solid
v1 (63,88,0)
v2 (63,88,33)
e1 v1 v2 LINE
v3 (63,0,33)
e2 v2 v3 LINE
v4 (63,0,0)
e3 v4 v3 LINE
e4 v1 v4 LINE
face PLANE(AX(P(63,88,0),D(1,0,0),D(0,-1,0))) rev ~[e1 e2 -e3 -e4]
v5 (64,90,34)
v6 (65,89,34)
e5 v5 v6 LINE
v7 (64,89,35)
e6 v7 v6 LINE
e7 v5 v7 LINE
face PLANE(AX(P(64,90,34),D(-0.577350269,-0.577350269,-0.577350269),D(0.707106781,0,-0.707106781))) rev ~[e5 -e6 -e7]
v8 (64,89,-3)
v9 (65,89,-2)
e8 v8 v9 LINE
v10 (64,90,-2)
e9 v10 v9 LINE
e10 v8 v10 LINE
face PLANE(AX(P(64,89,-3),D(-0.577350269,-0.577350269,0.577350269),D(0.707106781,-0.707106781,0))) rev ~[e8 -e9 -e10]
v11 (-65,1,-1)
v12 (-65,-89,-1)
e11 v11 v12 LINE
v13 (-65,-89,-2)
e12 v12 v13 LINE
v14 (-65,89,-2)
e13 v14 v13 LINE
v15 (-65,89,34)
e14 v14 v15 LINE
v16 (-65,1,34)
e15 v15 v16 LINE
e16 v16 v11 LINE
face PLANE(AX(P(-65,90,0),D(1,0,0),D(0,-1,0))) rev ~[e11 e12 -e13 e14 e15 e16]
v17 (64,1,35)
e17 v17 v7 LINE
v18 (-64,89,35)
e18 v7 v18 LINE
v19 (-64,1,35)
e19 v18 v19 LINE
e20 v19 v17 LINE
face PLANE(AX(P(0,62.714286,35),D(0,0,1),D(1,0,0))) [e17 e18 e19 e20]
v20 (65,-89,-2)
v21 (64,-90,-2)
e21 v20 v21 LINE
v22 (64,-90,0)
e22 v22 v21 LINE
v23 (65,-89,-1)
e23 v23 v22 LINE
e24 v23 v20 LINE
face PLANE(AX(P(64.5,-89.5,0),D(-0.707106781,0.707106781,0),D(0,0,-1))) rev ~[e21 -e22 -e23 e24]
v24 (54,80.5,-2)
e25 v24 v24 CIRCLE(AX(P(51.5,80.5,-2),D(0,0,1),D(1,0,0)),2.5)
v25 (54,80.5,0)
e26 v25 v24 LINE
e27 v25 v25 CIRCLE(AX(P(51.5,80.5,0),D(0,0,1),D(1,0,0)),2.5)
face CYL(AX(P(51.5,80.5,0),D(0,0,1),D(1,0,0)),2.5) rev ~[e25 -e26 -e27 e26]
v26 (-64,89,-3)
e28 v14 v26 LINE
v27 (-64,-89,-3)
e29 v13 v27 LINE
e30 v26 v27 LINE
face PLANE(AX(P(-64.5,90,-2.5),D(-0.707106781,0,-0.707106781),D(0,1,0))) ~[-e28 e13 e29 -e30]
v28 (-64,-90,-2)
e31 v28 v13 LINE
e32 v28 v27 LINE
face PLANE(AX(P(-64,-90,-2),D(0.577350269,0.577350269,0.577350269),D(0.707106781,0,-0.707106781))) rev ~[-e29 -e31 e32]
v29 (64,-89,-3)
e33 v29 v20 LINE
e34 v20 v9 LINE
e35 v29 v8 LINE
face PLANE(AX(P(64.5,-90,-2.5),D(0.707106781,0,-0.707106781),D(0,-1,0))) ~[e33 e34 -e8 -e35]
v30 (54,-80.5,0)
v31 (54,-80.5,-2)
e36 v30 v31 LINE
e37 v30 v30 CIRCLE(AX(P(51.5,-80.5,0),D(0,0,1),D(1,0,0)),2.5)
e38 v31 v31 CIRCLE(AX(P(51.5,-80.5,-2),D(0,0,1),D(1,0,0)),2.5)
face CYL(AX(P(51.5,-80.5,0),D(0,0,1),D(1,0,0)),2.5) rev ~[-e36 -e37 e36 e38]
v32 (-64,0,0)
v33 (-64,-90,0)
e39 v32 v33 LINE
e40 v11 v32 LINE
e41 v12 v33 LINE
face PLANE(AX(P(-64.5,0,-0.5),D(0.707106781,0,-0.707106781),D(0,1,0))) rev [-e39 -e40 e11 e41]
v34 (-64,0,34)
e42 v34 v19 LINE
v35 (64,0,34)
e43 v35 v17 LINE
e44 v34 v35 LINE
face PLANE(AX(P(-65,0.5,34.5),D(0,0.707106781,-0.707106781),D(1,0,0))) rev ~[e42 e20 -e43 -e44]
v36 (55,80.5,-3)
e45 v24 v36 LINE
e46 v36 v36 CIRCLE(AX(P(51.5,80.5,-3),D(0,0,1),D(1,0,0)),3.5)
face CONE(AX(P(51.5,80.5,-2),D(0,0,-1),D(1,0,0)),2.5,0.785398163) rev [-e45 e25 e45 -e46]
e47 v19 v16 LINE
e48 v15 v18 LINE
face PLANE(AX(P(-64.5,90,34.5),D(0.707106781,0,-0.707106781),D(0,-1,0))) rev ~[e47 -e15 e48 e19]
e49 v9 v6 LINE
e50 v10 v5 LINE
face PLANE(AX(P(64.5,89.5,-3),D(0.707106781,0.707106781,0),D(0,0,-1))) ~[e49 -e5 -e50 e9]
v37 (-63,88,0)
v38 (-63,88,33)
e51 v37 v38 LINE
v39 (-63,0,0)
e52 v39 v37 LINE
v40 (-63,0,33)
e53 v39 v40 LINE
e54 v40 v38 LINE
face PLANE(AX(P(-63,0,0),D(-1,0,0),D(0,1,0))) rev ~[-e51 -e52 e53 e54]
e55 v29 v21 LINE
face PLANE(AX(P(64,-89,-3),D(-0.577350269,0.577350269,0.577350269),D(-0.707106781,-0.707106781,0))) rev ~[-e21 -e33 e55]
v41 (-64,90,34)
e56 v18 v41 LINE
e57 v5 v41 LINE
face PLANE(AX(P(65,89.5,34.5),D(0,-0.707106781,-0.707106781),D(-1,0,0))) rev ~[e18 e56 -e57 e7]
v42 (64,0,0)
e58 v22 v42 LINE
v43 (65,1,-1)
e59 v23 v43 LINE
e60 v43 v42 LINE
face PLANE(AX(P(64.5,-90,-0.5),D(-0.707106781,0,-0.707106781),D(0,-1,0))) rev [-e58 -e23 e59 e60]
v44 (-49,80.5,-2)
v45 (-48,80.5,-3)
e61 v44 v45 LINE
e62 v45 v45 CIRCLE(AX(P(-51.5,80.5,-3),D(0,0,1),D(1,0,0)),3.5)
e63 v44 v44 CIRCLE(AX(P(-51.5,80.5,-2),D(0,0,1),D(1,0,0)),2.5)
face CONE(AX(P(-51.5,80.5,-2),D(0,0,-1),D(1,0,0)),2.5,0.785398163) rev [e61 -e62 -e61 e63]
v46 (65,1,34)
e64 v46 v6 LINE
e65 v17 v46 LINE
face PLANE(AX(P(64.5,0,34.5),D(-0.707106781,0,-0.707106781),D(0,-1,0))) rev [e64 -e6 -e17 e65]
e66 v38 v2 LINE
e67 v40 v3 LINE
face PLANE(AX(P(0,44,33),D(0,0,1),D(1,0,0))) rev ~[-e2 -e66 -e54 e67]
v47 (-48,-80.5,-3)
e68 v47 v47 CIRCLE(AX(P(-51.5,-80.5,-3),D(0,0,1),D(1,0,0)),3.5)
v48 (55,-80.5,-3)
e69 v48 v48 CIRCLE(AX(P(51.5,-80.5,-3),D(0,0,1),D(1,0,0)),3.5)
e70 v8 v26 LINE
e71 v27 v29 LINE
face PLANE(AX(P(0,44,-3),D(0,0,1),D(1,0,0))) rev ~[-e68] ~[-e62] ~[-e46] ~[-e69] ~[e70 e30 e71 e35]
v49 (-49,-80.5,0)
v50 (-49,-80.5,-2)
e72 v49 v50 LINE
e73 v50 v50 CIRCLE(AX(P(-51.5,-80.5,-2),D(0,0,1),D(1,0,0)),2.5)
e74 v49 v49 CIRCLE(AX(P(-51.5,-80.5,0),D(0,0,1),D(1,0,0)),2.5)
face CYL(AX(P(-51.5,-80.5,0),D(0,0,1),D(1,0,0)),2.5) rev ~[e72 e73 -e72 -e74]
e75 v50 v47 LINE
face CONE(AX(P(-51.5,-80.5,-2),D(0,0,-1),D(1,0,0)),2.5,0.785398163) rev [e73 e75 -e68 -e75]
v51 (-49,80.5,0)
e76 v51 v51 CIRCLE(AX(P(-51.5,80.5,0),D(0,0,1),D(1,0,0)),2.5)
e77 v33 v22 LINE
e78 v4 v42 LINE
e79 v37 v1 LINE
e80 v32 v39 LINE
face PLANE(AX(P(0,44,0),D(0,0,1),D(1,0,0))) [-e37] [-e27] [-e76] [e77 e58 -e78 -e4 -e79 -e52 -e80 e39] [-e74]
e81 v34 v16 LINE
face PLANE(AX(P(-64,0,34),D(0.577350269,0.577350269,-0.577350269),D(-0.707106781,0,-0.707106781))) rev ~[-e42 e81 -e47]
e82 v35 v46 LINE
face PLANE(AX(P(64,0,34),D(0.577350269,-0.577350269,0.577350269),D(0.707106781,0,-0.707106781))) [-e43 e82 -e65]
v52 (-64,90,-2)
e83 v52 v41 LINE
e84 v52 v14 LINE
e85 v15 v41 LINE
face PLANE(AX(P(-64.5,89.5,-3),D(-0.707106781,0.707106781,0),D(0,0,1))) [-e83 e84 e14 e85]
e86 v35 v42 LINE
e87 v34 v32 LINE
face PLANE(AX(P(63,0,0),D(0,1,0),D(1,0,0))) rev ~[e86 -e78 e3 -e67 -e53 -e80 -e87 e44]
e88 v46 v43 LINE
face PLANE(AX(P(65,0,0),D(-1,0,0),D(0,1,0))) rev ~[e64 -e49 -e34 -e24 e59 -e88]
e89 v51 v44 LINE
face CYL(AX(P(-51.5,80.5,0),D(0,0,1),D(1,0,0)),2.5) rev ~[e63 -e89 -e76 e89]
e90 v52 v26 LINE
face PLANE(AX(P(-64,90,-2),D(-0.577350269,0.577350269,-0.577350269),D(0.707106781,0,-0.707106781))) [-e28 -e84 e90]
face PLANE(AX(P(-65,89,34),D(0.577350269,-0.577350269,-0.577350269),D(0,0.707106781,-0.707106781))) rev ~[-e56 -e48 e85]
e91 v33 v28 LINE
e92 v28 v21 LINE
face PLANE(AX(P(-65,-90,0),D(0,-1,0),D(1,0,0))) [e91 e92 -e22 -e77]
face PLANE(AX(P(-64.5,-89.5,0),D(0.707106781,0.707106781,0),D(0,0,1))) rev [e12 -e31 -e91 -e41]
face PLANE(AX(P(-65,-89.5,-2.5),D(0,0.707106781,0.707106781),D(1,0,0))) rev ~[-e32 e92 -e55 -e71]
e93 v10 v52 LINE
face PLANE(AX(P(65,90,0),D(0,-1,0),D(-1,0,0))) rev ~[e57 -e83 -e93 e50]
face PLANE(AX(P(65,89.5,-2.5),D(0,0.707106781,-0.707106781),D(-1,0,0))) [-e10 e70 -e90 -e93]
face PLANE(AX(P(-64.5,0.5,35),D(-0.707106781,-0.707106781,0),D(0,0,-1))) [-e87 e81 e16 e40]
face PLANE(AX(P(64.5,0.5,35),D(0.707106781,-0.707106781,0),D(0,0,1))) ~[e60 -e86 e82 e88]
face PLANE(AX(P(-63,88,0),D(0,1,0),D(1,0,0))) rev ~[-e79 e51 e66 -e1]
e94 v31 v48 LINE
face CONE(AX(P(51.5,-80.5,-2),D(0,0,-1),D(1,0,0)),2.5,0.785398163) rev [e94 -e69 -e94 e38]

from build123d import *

# Parameters (mm, degrees)
F0_W     = 126
F0_H     = 88
F0_R     = 2.5
F1_DEPTH = 3
F2_DEPTH = 35
F3_START = 33
F3_DEPTH = 2
F4_SIZE  = 1


with BuildPart() as f1:
    # F0 (on Top) → F1 (new body)
    with BuildSketch(Plane.XY):
        with Locations((0, 44)):
            Rectangle(F0_W, F0_H)
        with Locations((-51.5, 80.5)):
            Circle(F0_R, mode=Mode.SUBTRACT)
        with Locations((51.5, 80.5)):
            Circle(F0_R, mode=Mode.SUBTRACT)
        Polygon((65, -90), (65, 0), (63, 0), (63, -88), (-63, -88), (-63, 0), (-65, 0), (-65, -90), align=None)
        Polygon((65, 0), (65, 90), (-65, 90), (-65, 0), (-63, 0), (-63, 88), (63, 88), (63, 0), align=None)
        with Locations((0, -44)):
            Rectangle(F0_W, F0_H)
        with Locations((-51.5, -80.5)):
            Circle(F0_R, mode=Mode.SUBTRACT)
        with Locations((51.5, -80.5)):
            Circle(F0_R, mode=Mode.SUBTRACT)
    extrude(amount=-F1_DEPTH)

    # F0 (on Top) → F2 (join)
    with BuildSketch(Plane.XY):
        Polygon((65, 0), (65, 90), (-65, 90), (-65, 0), (-63, 0), (-63, 88), (63, 88), (63, 0), align=None)
    extrude(amount=F2_DEPTH)

    # F0 (on Top) → F3 (join)
    with BuildSketch(Plane.XY.offset(F3_START)):
        with Locations((0, 44)):
            Rectangle(F0_W, F0_H)
        with Locations((-51.5, 80.5)):
            Circle(F0_R, mode=Mode.SUBTRACT)
        with Locations((51.5, 80.5)):
            Circle(F0_R, mode=Mode.SUBTRACT)
        Polygon((65, 0), (65, 90), (-65, 90), (-65, 0), (-63, 0), (-63, 88), (63, 88), (63, 0), align=None)
        with Locations((-51.5, 80.5)):
            Circle(F0_R)
        with Locations((51.5, 80.5)):
            Circle(F0_R)
    extrude(amount=F3_DEPTH)

    # F4
    f4_edges = [f1.edges().sort_by_distance(p)[0] for p in [
        (65, 45, 35),
        (0, 90, 35),
        (-65, 45, 35),
        (0, 0, 35),
        (-65, 0, -3),
        (-65, -90, -1.5),
        (-65, -45, 0),
        (-65, 0, 17.5),
        (-65, 90, 16),
        (65, 90, 16),
        (0, 90, -3),
        (65, -45, 0),
        (65, -90, -1.5),
        (65, 0, -3),
        (65, 0, 17.5),
        (-54, 80.5, -3),
        (49, 80.5, -3),
        (0, -90, -3),
        (-54, -80.5, -3),
        (49, -80.5, -3),
    ]]
    chamfer(f4_edges, length=F4_SIZE)


solid = f1.part
